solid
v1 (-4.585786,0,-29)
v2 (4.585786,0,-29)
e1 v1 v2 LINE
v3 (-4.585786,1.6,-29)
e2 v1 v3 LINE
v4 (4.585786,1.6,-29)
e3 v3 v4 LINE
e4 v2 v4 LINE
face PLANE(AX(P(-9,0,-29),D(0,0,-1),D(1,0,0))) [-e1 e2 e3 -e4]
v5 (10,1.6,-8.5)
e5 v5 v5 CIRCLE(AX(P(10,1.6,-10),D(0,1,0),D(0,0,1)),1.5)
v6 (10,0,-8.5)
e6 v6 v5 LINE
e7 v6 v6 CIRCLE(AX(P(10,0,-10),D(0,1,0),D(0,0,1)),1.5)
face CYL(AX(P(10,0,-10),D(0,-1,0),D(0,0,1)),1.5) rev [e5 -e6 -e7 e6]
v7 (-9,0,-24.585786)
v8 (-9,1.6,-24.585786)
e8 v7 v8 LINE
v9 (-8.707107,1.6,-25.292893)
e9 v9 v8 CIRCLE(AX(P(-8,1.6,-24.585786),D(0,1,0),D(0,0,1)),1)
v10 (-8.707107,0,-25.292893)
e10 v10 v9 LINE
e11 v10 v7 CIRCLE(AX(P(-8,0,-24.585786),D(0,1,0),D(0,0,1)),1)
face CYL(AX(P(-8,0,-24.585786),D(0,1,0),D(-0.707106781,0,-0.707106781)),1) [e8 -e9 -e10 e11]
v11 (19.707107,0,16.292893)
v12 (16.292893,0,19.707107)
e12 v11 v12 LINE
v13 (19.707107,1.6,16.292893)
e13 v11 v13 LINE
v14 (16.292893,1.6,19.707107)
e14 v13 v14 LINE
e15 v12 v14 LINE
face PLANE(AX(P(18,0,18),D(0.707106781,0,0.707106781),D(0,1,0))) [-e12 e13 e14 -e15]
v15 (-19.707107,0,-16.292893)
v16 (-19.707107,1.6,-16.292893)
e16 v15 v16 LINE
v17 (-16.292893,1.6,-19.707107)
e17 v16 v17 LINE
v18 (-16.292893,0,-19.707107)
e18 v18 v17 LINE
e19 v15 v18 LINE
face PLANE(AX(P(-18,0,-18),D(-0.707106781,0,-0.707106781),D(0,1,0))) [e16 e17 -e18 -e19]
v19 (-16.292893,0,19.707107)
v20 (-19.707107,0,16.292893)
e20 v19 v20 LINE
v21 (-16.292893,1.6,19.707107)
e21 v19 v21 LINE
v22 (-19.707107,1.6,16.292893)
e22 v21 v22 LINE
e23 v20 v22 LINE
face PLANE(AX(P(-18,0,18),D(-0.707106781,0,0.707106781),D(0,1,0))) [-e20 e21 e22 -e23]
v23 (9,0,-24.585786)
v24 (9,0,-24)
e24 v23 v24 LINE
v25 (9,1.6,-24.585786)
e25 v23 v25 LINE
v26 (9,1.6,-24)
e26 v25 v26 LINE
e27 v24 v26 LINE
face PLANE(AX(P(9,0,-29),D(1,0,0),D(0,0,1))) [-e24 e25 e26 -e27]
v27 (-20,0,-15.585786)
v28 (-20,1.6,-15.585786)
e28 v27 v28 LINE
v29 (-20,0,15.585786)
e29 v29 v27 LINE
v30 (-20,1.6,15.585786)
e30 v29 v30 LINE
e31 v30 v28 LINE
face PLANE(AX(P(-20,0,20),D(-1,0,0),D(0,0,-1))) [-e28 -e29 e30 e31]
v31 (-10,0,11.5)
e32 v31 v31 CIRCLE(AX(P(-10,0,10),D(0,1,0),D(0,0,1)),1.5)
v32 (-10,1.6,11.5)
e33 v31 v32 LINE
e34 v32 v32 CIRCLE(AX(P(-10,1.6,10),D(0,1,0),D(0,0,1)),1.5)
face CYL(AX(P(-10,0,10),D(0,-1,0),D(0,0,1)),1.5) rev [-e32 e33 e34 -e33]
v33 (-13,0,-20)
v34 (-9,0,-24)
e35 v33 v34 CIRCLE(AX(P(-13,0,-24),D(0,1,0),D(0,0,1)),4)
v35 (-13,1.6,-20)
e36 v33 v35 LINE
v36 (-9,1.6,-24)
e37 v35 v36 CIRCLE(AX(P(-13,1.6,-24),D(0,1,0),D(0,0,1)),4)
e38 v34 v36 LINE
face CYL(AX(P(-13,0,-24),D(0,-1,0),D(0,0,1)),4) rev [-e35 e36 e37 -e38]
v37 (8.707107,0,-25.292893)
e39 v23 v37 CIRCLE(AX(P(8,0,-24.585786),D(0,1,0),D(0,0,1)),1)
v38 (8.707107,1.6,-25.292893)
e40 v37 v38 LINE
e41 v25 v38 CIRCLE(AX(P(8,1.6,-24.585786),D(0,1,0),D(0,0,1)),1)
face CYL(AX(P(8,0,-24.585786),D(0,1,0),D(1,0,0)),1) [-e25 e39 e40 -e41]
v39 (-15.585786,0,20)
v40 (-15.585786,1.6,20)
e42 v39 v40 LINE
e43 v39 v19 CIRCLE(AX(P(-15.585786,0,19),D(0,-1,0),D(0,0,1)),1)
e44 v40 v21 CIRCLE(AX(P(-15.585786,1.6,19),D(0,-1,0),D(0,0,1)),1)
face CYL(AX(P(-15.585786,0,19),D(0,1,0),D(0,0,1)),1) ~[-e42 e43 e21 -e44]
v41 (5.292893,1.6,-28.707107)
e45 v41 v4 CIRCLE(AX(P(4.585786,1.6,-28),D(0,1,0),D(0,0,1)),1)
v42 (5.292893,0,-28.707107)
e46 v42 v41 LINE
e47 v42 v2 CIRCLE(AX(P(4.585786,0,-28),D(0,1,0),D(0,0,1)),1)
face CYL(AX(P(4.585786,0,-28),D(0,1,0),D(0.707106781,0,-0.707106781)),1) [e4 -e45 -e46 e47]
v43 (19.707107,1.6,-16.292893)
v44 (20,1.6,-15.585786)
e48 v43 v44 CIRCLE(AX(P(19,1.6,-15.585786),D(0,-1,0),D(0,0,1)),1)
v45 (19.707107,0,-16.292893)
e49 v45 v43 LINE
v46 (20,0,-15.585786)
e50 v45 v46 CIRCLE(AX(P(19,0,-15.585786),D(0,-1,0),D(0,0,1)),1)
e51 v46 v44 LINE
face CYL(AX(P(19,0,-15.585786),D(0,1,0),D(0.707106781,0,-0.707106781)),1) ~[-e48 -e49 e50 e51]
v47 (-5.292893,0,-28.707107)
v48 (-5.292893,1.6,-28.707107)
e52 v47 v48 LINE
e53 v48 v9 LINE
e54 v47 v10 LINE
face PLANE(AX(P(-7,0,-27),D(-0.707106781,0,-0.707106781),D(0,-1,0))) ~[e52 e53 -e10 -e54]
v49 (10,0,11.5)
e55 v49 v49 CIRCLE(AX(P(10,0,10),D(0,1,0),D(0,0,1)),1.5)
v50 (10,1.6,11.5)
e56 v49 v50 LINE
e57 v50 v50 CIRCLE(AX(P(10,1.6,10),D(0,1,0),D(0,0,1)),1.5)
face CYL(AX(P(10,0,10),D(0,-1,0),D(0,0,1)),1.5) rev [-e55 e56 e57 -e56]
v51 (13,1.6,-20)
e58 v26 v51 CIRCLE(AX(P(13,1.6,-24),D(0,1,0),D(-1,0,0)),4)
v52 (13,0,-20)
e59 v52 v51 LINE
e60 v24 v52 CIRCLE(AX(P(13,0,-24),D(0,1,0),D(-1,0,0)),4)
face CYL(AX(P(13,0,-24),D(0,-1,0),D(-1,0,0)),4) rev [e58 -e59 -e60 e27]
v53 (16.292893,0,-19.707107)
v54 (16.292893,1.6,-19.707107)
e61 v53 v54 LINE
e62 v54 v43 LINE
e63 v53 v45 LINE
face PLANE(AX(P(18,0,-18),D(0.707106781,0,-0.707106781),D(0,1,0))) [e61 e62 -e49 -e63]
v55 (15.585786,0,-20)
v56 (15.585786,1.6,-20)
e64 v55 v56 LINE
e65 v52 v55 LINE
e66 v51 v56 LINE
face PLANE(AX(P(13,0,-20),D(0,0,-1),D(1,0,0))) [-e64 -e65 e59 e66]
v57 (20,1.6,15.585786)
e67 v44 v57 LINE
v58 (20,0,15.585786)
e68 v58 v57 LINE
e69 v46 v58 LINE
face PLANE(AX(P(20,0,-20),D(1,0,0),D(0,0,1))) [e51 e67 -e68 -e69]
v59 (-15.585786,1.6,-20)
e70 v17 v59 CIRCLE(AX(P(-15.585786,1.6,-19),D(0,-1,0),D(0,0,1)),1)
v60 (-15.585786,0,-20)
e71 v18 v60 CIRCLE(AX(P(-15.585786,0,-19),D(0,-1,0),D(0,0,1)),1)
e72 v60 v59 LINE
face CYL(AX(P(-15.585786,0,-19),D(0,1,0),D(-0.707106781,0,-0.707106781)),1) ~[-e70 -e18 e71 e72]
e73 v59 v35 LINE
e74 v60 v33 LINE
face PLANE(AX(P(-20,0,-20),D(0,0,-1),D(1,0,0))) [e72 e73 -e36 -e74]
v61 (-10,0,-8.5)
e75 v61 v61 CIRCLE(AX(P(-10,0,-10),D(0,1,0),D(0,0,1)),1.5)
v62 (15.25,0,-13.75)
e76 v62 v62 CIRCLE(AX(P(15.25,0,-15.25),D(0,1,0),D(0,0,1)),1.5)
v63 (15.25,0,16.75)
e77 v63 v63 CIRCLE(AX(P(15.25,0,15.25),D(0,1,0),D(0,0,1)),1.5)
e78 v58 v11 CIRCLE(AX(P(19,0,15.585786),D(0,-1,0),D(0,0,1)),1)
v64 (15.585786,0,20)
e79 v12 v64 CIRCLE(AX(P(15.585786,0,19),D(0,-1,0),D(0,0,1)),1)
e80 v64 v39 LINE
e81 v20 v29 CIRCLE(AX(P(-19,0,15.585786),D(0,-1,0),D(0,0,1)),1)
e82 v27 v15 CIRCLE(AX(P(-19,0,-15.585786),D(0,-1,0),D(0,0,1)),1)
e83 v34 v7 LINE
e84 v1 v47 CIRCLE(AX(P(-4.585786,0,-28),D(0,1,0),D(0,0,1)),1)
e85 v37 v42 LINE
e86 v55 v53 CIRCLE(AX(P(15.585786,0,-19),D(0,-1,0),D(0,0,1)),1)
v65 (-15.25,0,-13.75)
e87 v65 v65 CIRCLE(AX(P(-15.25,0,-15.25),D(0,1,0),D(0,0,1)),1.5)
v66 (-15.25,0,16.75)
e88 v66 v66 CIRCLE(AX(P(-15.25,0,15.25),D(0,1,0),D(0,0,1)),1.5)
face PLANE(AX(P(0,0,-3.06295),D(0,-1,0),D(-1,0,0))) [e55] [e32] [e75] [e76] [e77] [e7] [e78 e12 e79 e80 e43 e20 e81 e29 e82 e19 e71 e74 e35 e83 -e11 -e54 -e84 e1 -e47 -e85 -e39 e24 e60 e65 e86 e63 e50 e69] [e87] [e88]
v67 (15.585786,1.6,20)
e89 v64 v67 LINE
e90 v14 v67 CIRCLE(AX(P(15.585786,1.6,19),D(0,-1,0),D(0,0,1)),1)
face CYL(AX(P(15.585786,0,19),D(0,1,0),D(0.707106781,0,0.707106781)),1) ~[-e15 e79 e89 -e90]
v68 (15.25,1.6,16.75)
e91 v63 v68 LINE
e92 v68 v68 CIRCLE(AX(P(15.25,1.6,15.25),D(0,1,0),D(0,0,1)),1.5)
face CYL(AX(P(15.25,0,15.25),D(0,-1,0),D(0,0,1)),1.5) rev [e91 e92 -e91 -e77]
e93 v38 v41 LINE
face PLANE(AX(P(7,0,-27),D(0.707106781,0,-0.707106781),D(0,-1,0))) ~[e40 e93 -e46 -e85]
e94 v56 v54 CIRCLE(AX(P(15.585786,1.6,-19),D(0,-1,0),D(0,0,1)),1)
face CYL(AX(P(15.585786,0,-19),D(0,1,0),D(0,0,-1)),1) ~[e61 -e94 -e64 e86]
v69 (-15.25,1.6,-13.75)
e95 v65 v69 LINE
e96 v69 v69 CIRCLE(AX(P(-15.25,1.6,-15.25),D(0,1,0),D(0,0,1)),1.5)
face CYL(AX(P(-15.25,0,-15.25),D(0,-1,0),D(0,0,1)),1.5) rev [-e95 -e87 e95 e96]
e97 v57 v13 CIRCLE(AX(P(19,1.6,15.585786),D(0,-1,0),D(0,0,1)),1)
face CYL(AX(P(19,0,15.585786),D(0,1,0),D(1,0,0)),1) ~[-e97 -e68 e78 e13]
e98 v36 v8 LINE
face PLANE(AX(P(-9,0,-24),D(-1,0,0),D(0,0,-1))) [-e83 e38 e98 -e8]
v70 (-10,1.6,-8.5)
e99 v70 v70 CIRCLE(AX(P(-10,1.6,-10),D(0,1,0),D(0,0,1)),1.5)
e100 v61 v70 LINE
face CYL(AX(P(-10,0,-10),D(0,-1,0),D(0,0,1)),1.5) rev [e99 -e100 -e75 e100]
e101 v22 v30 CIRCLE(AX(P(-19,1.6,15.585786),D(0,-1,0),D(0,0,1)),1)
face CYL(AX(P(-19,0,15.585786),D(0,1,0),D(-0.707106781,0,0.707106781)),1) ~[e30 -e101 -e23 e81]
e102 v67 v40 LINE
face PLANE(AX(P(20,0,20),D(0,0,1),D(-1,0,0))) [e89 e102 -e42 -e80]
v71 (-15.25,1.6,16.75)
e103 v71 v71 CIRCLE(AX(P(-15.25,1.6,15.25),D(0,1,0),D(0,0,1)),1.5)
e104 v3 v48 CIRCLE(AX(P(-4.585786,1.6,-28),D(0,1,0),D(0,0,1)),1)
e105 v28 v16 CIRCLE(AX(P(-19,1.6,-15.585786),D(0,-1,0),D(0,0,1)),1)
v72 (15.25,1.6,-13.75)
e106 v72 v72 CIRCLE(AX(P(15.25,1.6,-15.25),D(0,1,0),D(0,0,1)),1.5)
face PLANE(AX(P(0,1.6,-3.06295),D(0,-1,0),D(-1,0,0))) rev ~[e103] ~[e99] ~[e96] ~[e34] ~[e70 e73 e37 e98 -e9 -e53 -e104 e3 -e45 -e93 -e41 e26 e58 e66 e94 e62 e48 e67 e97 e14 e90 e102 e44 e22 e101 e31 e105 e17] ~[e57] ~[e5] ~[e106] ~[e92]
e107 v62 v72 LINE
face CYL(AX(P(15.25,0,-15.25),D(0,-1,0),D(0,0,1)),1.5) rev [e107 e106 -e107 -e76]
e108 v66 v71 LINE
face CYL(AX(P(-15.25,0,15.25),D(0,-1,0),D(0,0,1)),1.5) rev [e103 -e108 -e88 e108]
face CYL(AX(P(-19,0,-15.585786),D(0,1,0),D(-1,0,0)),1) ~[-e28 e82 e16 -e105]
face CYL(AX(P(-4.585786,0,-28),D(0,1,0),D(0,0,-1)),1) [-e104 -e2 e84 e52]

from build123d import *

# Parameters (mm, degrees)
SKETCH1_R           = 1.5
BOSS_EXTRUDE1_DEPTH = 1.6
CHAMFER1_SIZE       = 4
FILLET1_R           = 1


with BuildPart() as part:
    # Sketch1 → Boss-Extrude1 (new body)
    with BuildSketch(Plane(origin=(0, 0, 0), x_dir=(1, 0, 0), z_dir=(0, 1, 0))):
        with BuildLine():
            Line((13, 20), (20, 20))
            Line((20, 20), (20, -20))
            Line((20, -20), (-20, -20))
            Line((-20, -20), (-20, 20))
            Line((-20, 20), (-13, 20))
            ThreePointArc((-13, 20), (-10.171572875, 21.171572875), (-9, 24))
            Line((-9, 24), (-9, 29))
            Line((-9, 29), (9, 29))
            Line((9, 29), (9, 24))
            ThreePointArc((9, 24), (10.171572875, 21.171572875), (13, 20))
        make_face()
        with Locations(Location((-15.25, 15.25, 0), (0, 0, 270))):
            Circle(SKETCH1_R, mode=Mode.SUBTRACT)
        with Locations(Location((-10, 10, 0), (0, 0, 270))):
            Circle(SKETCH1_R, mode=Mode.SUBTRACT)
        with Locations(Location((10, 10, 0), (0, 0, 270))):
            Circle(SKETCH1_R, mode=Mode.SUBTRACT)
        with Locations(Location((-10, -10, 0), (0, 0, 270))):
            Circle(SKETCH1_R, mode=Mode.SUBTRACT)
        with Locations(Location((-15.25, -15.25, 0), (0, 0, 270))):
            Circle(SKETCH1_R, mode=Mode.SUBTRACT)
        with Locations(Location((15.25, -15.25, 0), (0, 0, 270))):
            Circle(SKETCH1_R, mode=Mode.SUBTRACT)
        with Locations(Location((10, -10, 0), (0, 0, 270))):
            Circle(SKETCH1_R, mode=Mode.SUBTRACT)
        with Locations(Location((15.25, 15.25, 0), (0, 0, 270))):
            Circle(SKETCH1_R, mode=Mode.SUBTRACT)
    extrude(amount=BOSS_EXTRUDE1_DEPTH)

    # Chamfer1
    chamfer1_edges = [part.edges().sort_by_distance(p)[0] for p in [
        (20, 0.8, 20),
        (-20, 0.8, 20),
        (-20, 0.8, -20),
        (-9, 0.8, -29),
        (9, 0.8, -29),
        (20, 0.8, -20),
    ]]
    chamfer(chamfer1_edges, length=CHAMFER1_SIZE)

    # Fillet1
    fillet1_edges = [part.edges().sort_by_distance(p)[0] for p in [
        (-5, 0.8, -29),
        (5, 0.8, -29),
        (9, 0.8, -25),
        (-9, 0.8, -25),
        (-20, 0.8, 16),
        (-20, 0.8, -16),
        (-16, 0.8, -20),
        (16, 0.8, -20),
        (20, 0.8, 16),
        (20, 0.8, -16),
        (-16, 0.8, 20),
        (16, 0.8, 20),
    ]]
    fillet(fillet1_edges, radius=FILLET1_R)


solid = part.part
